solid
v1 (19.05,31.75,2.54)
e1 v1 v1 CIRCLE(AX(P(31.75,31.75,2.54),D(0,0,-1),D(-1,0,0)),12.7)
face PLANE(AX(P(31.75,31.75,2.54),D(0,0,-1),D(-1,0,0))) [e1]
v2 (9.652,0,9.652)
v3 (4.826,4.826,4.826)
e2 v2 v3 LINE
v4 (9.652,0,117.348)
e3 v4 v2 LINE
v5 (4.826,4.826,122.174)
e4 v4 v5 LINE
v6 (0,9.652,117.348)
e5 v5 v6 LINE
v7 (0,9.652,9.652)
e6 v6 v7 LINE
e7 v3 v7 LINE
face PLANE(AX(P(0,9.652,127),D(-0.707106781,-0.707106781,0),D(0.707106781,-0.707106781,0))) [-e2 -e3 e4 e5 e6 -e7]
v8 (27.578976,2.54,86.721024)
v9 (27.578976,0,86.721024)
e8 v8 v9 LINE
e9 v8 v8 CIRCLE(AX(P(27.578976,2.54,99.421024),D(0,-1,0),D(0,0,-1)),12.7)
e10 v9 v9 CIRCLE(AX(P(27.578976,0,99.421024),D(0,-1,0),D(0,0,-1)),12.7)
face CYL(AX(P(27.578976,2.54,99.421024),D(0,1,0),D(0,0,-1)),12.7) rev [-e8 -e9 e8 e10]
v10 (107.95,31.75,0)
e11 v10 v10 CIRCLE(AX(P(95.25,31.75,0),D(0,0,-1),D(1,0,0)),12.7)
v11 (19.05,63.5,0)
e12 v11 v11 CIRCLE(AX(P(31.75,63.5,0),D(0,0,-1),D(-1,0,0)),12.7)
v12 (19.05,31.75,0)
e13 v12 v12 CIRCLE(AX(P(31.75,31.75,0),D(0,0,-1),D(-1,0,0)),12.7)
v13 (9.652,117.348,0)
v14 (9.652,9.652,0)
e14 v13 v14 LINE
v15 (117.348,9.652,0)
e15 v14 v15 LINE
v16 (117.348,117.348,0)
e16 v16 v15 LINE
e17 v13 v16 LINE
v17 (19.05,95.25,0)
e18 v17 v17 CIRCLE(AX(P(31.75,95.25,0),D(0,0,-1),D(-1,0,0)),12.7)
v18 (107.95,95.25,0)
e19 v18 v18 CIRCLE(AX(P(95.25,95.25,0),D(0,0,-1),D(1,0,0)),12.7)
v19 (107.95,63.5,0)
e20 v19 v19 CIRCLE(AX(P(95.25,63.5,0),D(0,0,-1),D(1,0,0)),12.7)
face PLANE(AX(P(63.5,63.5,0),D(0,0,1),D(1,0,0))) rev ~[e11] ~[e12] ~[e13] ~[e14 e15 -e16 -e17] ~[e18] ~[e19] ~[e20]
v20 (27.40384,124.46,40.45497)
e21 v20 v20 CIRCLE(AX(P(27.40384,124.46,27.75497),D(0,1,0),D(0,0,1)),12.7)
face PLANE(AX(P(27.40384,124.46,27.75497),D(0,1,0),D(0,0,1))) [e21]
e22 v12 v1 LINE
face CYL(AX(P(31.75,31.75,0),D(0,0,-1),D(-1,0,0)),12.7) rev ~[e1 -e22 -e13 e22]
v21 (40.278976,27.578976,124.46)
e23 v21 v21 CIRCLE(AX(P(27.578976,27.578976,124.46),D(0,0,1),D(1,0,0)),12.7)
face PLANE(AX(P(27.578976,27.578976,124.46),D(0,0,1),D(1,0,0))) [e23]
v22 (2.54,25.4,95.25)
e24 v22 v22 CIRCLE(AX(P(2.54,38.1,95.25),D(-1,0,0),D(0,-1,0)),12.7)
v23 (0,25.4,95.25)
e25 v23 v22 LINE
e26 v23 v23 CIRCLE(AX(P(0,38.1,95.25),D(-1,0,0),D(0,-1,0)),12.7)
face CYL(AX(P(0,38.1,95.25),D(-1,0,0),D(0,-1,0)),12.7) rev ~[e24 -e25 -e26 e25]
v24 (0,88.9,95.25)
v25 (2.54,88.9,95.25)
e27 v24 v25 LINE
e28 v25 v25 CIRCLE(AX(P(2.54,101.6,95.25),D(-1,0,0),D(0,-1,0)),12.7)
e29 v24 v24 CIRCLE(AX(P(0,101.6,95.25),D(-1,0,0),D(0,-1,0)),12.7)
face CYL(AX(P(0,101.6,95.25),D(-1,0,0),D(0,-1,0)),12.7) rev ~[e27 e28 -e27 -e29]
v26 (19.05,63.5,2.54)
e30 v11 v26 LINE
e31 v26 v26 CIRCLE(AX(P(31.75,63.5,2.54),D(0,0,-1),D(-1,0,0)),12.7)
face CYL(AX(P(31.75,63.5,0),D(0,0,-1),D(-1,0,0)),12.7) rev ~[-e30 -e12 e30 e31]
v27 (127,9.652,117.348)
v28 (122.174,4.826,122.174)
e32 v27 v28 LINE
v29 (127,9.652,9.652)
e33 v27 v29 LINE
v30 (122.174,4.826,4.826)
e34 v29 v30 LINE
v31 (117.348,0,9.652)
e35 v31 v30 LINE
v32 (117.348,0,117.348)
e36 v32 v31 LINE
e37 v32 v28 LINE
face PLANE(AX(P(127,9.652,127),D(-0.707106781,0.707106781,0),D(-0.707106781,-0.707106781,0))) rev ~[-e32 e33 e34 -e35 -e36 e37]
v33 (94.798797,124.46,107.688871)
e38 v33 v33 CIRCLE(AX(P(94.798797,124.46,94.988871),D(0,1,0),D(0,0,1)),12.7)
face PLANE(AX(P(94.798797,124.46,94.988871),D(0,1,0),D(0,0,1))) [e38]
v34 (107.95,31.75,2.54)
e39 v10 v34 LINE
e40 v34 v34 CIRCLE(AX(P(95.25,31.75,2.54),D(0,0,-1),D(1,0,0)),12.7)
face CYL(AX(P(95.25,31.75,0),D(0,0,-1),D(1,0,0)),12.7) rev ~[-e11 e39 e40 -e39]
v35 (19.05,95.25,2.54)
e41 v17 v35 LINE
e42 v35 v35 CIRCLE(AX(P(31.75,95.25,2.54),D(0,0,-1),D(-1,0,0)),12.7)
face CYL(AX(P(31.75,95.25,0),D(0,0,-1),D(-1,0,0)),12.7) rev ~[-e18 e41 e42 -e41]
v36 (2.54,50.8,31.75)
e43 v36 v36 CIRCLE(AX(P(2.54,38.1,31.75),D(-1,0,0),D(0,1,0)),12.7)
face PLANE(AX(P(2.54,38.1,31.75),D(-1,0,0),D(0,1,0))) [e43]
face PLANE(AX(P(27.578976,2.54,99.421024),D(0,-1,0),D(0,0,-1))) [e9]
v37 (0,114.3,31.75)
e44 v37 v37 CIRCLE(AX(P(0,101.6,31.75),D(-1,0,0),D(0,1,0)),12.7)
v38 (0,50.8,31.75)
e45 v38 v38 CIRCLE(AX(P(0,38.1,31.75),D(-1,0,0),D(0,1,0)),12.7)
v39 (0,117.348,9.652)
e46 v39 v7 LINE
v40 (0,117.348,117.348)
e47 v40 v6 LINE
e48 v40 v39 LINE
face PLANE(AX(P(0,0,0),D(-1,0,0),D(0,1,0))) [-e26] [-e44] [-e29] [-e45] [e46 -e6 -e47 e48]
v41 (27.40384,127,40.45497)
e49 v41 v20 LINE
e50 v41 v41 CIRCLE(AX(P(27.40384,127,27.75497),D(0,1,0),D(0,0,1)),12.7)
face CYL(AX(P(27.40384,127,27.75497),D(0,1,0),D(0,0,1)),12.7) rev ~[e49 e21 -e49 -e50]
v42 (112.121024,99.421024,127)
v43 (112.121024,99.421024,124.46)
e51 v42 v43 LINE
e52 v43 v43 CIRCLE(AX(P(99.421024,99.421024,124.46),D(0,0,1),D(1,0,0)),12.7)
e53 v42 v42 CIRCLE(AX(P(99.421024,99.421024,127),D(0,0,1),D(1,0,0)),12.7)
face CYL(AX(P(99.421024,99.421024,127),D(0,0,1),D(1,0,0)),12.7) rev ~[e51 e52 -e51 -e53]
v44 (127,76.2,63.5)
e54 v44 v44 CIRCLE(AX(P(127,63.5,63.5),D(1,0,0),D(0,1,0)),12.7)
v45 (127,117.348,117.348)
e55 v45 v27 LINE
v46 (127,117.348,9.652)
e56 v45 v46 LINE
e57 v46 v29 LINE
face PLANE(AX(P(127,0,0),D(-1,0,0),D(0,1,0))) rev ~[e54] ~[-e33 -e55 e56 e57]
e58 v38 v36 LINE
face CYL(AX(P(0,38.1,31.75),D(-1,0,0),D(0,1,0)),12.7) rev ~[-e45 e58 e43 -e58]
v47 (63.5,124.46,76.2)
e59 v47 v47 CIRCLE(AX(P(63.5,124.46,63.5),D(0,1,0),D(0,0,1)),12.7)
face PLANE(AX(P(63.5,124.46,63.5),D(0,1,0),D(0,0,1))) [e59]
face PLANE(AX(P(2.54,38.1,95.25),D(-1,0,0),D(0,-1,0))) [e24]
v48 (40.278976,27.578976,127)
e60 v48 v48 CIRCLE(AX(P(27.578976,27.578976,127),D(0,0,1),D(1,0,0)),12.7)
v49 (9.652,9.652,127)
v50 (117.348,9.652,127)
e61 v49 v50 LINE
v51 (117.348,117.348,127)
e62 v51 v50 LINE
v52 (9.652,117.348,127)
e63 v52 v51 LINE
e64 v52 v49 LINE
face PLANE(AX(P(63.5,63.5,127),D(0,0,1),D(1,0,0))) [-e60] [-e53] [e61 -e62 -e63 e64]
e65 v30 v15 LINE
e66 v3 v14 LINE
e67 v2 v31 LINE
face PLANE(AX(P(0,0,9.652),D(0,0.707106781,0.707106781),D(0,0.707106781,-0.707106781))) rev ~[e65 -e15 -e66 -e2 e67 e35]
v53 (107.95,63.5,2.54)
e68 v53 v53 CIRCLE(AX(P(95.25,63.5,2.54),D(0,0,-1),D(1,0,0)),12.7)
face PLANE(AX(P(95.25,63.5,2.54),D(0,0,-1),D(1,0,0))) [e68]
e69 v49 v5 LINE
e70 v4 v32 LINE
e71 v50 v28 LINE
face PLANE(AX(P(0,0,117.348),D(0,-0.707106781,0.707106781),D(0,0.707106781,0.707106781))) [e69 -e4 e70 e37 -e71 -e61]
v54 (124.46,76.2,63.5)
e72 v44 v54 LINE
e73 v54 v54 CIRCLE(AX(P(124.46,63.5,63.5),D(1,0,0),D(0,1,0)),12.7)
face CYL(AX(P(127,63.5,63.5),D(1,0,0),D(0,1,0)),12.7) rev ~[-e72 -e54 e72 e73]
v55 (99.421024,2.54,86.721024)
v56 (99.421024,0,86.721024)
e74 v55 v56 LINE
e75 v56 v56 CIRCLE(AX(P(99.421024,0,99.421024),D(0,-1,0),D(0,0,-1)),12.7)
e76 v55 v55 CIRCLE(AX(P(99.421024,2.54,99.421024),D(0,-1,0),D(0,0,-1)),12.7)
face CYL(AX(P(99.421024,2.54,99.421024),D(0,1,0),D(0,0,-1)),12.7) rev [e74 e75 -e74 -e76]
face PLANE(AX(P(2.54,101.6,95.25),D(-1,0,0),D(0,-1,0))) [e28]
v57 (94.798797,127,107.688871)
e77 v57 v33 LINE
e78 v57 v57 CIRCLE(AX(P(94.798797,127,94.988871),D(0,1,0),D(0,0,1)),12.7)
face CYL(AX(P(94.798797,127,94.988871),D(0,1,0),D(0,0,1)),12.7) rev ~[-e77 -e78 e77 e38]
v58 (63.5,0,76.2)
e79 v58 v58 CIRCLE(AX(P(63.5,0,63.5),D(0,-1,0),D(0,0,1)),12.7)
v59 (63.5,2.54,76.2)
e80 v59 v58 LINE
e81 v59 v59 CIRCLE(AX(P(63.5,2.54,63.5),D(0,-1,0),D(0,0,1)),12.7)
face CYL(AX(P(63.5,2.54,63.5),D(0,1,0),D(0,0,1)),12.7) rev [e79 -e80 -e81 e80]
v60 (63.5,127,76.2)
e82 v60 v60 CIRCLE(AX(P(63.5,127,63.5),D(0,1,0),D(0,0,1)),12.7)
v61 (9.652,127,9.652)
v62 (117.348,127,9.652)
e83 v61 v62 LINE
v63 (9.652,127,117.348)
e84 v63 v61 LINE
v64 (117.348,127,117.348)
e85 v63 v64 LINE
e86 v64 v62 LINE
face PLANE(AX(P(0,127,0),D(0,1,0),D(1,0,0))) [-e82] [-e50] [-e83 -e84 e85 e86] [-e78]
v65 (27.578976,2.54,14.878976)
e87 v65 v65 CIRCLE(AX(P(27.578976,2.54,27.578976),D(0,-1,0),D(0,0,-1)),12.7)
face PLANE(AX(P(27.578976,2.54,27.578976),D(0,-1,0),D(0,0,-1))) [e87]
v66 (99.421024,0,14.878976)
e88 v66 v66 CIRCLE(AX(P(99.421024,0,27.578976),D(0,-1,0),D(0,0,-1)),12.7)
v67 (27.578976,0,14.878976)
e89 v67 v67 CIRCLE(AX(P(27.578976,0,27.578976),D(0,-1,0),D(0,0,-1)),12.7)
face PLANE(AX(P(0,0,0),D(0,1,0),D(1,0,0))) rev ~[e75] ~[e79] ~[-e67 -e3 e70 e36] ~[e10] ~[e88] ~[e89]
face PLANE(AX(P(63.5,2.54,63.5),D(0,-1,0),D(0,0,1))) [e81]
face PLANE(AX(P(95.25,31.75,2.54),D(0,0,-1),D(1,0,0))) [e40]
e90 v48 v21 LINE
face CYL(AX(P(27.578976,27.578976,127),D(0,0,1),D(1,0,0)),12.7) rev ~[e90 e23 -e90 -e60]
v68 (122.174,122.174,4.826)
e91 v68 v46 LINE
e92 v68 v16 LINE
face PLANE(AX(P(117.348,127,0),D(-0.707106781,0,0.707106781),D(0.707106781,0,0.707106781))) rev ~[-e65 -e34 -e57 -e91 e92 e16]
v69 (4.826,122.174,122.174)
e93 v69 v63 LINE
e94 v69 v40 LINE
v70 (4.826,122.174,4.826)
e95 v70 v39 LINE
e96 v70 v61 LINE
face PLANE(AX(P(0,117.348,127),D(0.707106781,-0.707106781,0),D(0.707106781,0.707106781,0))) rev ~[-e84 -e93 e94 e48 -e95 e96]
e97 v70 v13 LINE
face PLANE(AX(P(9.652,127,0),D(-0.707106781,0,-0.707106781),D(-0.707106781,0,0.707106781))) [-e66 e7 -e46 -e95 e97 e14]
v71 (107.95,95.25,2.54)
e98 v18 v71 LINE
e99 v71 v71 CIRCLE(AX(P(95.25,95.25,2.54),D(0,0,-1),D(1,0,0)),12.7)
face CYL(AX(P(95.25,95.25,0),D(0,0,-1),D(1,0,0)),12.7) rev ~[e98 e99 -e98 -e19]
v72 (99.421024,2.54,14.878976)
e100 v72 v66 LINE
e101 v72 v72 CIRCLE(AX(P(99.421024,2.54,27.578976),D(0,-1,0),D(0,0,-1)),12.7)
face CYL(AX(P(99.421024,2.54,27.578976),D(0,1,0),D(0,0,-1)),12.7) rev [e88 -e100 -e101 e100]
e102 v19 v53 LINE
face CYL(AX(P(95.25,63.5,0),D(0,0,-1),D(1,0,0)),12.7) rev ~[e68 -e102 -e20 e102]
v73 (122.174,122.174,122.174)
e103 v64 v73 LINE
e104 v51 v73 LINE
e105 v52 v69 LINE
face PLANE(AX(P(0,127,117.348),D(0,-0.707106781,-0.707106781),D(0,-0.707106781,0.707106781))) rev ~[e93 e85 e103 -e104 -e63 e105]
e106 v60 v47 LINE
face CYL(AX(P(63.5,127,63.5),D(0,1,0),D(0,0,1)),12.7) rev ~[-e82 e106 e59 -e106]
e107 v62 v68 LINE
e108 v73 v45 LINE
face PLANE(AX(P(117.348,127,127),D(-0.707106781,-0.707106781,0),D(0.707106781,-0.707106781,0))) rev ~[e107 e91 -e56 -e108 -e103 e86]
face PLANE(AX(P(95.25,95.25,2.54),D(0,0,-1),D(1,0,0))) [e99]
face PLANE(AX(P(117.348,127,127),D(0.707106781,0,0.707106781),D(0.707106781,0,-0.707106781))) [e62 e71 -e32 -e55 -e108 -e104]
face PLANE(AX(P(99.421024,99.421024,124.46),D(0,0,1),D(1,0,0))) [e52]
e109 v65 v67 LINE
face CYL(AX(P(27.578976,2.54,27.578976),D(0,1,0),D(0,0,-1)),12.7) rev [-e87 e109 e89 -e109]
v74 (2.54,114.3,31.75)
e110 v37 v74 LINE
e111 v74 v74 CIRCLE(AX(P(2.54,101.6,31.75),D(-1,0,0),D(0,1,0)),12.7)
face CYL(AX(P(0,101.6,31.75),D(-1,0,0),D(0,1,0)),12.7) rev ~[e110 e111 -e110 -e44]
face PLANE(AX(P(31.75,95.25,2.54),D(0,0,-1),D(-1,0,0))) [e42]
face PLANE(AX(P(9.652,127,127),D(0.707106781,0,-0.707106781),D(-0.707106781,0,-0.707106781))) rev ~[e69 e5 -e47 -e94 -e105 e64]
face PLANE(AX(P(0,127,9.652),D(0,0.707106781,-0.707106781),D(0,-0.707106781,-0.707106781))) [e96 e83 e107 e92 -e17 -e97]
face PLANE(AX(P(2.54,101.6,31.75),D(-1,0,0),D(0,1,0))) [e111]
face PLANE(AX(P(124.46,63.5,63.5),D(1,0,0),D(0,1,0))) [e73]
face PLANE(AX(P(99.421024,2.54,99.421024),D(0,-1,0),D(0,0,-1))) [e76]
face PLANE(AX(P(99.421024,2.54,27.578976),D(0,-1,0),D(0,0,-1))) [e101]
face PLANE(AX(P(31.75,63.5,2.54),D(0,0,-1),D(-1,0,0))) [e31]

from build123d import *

# Parameters (mm, degrees)
SKETCH1_W           = 127
SKETCH1_H           = 127
CUBE_DEPTH          = 127
SKETCH1_2_W         = 127
SKETCH1_2_H         = 127
BOSS_EXTRUDE2_DEPTH = 127
SKETCH4_R           = 12.7
F_6_DOT_CUT_DEPTH   = 2.54
SKETCH9_R           = 12.7
F_4_DOT_CUT_DEPTH   = 2.54
SKETCH10_R          = 12.7
F_3_DOT_CUT_DEPTH   = 2.54
F_5_DOT_START       = -2.54
SKETCH11_R          = 12.7
F_5_DOT_CUT_DEPTH   = 2.54
SKETCH12_R          = 12.7
F_1_DOT_CUT_DEPTH   = 2.54
SKETCH13_R          = 12.7
F_2_DOT_CUT_DEPTH   = 2.54
CUT_EXTRUDE7_REACH  = 221.97
CUT_EXTRUDE8_REACH  = 221.97
CUT_EXTRUDE9_REACH  = 221.97


with BuildPart() as part:
    # Sketch1 → Cube (new body)
    with BuildSketch(Plane.XY):
        with Locations((63.5, 63.5)):
            Rectangle(SKETCH1_W, SKETCH1_H)
    extrude(amount=CUBE_DEPTH)

    # Sketch1<2> → Boss-Extrude2 (add)
    with BuildSketch(Plane.XY):
        with Locations((63.5, 63.5)):
            Rectangle(SKETCH1_2_W, SKETCH1_2_H)
    extrude(amount=BOSS_EXTRUDE2_DEPTH)

    # Sketch4 → 6-dot cut (cut)
    with BuildSketch(Plane(origin=(0, 0, 0), x_dir=(-1, 0, 0), z_dir=(0, 0, -1))):
        with Locations((-31.75, 63.5)):
            Circle(SKETCH4_R)
        with Locations((-31.75, 31.75)):
            Circle(SKETCH4_R)
        with Locations((-31.75, 95.25)):
            Circle(SKETCH4_R)
        with Locations((-95.25, 31.75)):
            Circle(SKETCH4_R)
        with Locations((-95.25, 63.5)):
            Circle(SKETCH4_R)
        with Locations((-95.25, 95.25)):
            Circle(SKETCH4_R)
    extrude(amount=-F_6_DOT_CUT_DEPTH, mode=Mode.SUBTRACT)

    # Sketch9 → 4-dot cut (cut)
    with BuildSketch(Plane.ZY):
        with Locations((95.25, 101.6)):
            Circle(SKETCH9_R)
        with Locations((95.25, 38.1)):
            Circle(SKETCH9_R)
        with Locations((31.75, 38.1)):
            Circle(SKETCH9_R)
        with Locations((31.75, 101.6)):
            Circle(SKETCH9_R)
    extrude(amount=-F_4_DOT_CUT_DEPTH, mode=Mode.SUBTRACT)

    # Sketch10 → 3-dot cut (cut)
    with BuildSketch(Plane(origin=(0, 127, 0), x_dir=(1, 0, 0), z_dir=(0, 1, 0))):
        with Locations((63.5, -63.5)):
            Circle(SKETCH10_R)
        with Locations((27.403839575, -27.75496954)):
            Circle(SKETCH10_R)
        with Locations((94.798796898, -94.988870563)):
            Circle(SKETCH10_R)
    extrude(amount=-F_3_DOT_CUT_DEPTH, mode=Mode.SUBTRACT)

    # Sketch11 → 5-dot cut (cut)
    with BuildSketch(Plane.XZ.offset(F_5_DOT_START)):
        with Locations((63.5, 63.5)):
            Circle(SKETCH11_R)
        with Locations((27.578975516, 27.578975516)):
            Circle(SKETCH11_R)
        with Locations((99.421024484, 99.421024484)):
            Circle(SKETCH11_R)
        with Locations((27.578975516, 99.421024484)):
            Circle(SKETCH11_R)
        with Locations((99.421024484, 27.578975516)):
            Circle(SKETCH11_R)
    extrude(amount=F_5_DOT_CUT_DEPTH, mode=Mode.SUBTRACT)

    # Sketch12 → 1-dot cut (cut)
    with BuildSketch(Plane(origin=(127, 0, 0), x_dir=(0, 0, -1), z_dir=(1, 0, 0))):
        with Locations((-63.5, 63.5)):
            Circle(SKETCH12_R)
    extrude(amount=-F_1_DOT_CUT_DEPTH, mode=Mode.SUBTRACT)

    # Sketch13 → 2-dot cut (cut)
    with BuildSketch(Plane.XY.offset(127)):
        with Locations((27.578975516, 27.578975516)):
            Circle(SKETCH13_R)
        with Locations((99.421024484, 99.421024484)):
            Circle(SKETCH13_R)
    extrude(amount=-F_2_DOT_CUT_DEPTH, mode=Mode.SUBTRACT)

    # Sketch16 → Cut-Extrude7 (cut, up to next)
    with BuildSketch(Plane.ZY, mode=Mode.PRIVATE) as cut_extrude7_sk1:
        Polygon((0, 127), (9.652, 127), (0, 117.348), align=None)
    cut_extrude7_tool1 = extrude(cut_extrude7_sk1.sketch, amount=-CUT_EXTRUDE7_REACH, mode=Mode.PRIVATE) & part.part
    # Sketch16 → Cut-Extrude7 (cut, up to next)
    with BuildSketch(Plane.ZY, mode=Mode.PRIVATE) as cut_extrude7_sk2:
        Polygon((117.348, 127), (127, 117.348), (127, 127), align=None)
    cut_extrude7_tool2 = extrude(cut_extrude7_sk2.sketch, amount=-CUT_EXTRUDE7_REACH, mode=Mode.PRIVATE) & part.part
    # Sketch16 → Cut-Extrude7 (cut, up to next)
    with BuildSketch(Plane.ZY, mode=Mode.PRIVATE) as cut_extrude7_sk3:
        Polygon((127, 0), (117.348, 0), (127, 9.652), align=None)
    cut_extrude7_tool3 = extrude(cut_extrude7_sk3.sketch, amount=-CUT_EXTRUDE7_REACH, mode=Mode.PRIVATE) & part.part
    # Sketch16 → Cut-Extrude7 (cut, up to next)
    with BuildSketch(Plane.ZY, mode=Mode.PRIVATE) as cut_extrude7_sk4:
        Polygon((9.652, 0), (0, 9.652), (0, 0), align=None)
    cut_extrude7_tool4 = extrude(cut_extrude7_sk4.sketch, amount=-CUT_EXTRUDE7_REACH, mode=Mode.PRIVATE) & part.part
    add(cut_extrude7_tool1.solids().sort_by_distance((0, 123.782667, 3.217333))[0], mode=Mode.SUBTRACT)
    add(cut_extrude7_tool2.solids().sort_by_distance((0, 123.782667, 123.782667))[0], mode=Mode.SUBTRACT)
    add(cut_extrude7_tool3.solids().sort_by_distance((0, 3.217333, 123.782667))[0], mode=Mode.SUBTRACT)
    add(cut_extrude7_tool4.solids().sort_by_distance((0, 3.217333, 3.217333))[0], mode=Mode.SUBTRACT)

    # Sketch17 → Cut-Extrude8 (cut, up to next)
    with BuildSketch(Plane.XY.offset(127), mode=Mode.PRIVATE) as cut_extrude8_sk1:
        Polygon((9.652, 127), (0, 127), (0, 117.348), align=None)
    cut_extrude8_tool1 = extrude(cut_extrude8_sk1.sketch, amount=-CUT_EXTRUDE8_REACH, mode=Mode.PRIVATE) & part.part
    # Sketch17 → Cut-Extrude8 (cut, up to next)
    with BuildSketch(Plane.XY.offset(127), mode=Mode.PRIVATE) as cut_extrude8_sk2:
        Polygon((117.348, 127), (127, 117.348), (127, 127), align=None)
    cut_extrude8_tool2 = extrude(cut_extrude8_sk2.sketch, amount=-CUT_EXTRUDE8_REACH, mode=Mode.PRIVATE) & part.part
    # Sketch17 → Cut-Extrude8 (cut, up to next)
    with BuildSketch(Plane.XY.offset(127), mode=Mode.PRIVATE) as cut_extrude8_sk3:
        Polygon((117.348, 0), (127, 0), (127, 9.652), align=None)
    cut_extrude8_tool3 = extrude(cut_extrude8_sk3.sketch, amount=-CUT_EXTRUDE8_REACH, mode=Mode.PRIVATE) & part.part
    # Sketch17 → Cut-Extrude8 (cut, up to next)
    with BuildSketch(Plane.XY.offset(127), mode=Mode.PRIVATE) as cut_extrude8_sk4:
        Polygon((9.652, 0), (0, 0), (0, 9.652), align=None)
    cut_extrude8_tool4 = extrude(cut_extrude8_sk4.sketch, amount=-CUT_EXTRUDE8_REACH, mode=Mode.PRIVATE) & part.part
    add(cut_extrude8_tool1.solids().sort_by_distance((3.217333, 123.782667, 127))[0], mode=Mode.SUBTRACT)
    add(cut_extrude8_tool2.solids().sort_by_distance((123.782667, 123.782667, 127))[0], mode=Mode.SUBTRACT)
    add(cut_extrude8_tool3.solids().sort_by_distance((123.782667, 3.217333, 127))[0], mode=Mode.SUBTRACT)
    add(cut_extrude8_tool4.solids().sort_by_distance((3.217333, 3.217333, 127))[0], mode=Mode.SUBTRACT)

    # Sketch18 → Cut-Extrude9 (cut, up to next)
    with BuildSketch(Plane(origin=(0, 127, 0), x_dir=(1, 0, 0), z_dir=(0, 1, 0)), mode=Mode.PRIVATE) as cut_extrude9_sk1:
        Polygon((0, 0), (9.652, 0), (0, -9.652), align=None)
    cut_extrude9_tool1 = extrude(cut_extrude9_sk1.sketch, amount=-CUT_EXTRUDE9_REACH, mode=Mode.PRIVATE) & part.part
    # Sketch18 → Cut-Extrude9 (cut, up to next)
    with BuildSketch(Plane(origin=(0, 127, 0), x_dir=(1, 0, 0), z_dir=(0, 1, 0)), mode=Mode.PRIVATE) as cut_extrude9_sk2:
        Polygon((117.348, 0), (127, -9.652), (127, 0), align=None)
    cut_extrude9_tool2 = extrude(cut_extrude9_sk2.sketch, amount=-CUT_EXTRUDE9_REACH, mode=Mode.PRIVATE) & part.part
    # Sketch18 → Cut-Extrude9 (cut, up to next)
    with BuildSketch(Plane(origin=(0, 127, 0), x_dir=(1, 0, 0), z_dir=(0, 1, 0)), mode=Mode.PRIVATE) as cut_extrude9_sk3:
        Polygon((127, -127), (117.348, -127), (127, -117.348), align=None)
    cut_extrude9_tool3 = extrude(cut_extrude9_sk3.sketch, amount=-CUT_EXTRUDE9_REACH, mode=Mode.PRIVATE) & part.part
    # Sketch18 → Cut-Extrude9 (cut, up to next)
    with BuildSketch(Plane(origin=(0, 127, 0), x_dir=(1, 0, 0), z_dir=(0, 1, 0)), mode=Mode.PRIVATE) as cut_extrude9_sk4:
        Polygon((9.652, -127), (0, -117.348), (0, -127), align=None)
    cut_extrude9_tool4 = extrude(cut_extrude9_sk4.sketch, amount=-CUT_EXTRUDE9_REACH, mode=Mode.PRIVATE) & part.part
    add(cut_extrude9_tool1.solids().sort_by_distance((3.217333, 127, 3.217333))[0], mode=Mode.SUBTRACT)
    add(cut_extrude9_tool2.solids().sort_by_distance((123.782667, 127, 3.217333))[0], mode=Mode.SUBTRACT)
    add(cut_extrude9_tool3.solids().sort_by_distance((123.782667, 127, 123.782667))[0], mode=Mode.SUBTRACT)
    add(cut_extrude9_tool4.solids().sort_by_distance((3.217333, 127, 123.782667))[0], mode=Mode.SUBTRACT)


solid = part.part
